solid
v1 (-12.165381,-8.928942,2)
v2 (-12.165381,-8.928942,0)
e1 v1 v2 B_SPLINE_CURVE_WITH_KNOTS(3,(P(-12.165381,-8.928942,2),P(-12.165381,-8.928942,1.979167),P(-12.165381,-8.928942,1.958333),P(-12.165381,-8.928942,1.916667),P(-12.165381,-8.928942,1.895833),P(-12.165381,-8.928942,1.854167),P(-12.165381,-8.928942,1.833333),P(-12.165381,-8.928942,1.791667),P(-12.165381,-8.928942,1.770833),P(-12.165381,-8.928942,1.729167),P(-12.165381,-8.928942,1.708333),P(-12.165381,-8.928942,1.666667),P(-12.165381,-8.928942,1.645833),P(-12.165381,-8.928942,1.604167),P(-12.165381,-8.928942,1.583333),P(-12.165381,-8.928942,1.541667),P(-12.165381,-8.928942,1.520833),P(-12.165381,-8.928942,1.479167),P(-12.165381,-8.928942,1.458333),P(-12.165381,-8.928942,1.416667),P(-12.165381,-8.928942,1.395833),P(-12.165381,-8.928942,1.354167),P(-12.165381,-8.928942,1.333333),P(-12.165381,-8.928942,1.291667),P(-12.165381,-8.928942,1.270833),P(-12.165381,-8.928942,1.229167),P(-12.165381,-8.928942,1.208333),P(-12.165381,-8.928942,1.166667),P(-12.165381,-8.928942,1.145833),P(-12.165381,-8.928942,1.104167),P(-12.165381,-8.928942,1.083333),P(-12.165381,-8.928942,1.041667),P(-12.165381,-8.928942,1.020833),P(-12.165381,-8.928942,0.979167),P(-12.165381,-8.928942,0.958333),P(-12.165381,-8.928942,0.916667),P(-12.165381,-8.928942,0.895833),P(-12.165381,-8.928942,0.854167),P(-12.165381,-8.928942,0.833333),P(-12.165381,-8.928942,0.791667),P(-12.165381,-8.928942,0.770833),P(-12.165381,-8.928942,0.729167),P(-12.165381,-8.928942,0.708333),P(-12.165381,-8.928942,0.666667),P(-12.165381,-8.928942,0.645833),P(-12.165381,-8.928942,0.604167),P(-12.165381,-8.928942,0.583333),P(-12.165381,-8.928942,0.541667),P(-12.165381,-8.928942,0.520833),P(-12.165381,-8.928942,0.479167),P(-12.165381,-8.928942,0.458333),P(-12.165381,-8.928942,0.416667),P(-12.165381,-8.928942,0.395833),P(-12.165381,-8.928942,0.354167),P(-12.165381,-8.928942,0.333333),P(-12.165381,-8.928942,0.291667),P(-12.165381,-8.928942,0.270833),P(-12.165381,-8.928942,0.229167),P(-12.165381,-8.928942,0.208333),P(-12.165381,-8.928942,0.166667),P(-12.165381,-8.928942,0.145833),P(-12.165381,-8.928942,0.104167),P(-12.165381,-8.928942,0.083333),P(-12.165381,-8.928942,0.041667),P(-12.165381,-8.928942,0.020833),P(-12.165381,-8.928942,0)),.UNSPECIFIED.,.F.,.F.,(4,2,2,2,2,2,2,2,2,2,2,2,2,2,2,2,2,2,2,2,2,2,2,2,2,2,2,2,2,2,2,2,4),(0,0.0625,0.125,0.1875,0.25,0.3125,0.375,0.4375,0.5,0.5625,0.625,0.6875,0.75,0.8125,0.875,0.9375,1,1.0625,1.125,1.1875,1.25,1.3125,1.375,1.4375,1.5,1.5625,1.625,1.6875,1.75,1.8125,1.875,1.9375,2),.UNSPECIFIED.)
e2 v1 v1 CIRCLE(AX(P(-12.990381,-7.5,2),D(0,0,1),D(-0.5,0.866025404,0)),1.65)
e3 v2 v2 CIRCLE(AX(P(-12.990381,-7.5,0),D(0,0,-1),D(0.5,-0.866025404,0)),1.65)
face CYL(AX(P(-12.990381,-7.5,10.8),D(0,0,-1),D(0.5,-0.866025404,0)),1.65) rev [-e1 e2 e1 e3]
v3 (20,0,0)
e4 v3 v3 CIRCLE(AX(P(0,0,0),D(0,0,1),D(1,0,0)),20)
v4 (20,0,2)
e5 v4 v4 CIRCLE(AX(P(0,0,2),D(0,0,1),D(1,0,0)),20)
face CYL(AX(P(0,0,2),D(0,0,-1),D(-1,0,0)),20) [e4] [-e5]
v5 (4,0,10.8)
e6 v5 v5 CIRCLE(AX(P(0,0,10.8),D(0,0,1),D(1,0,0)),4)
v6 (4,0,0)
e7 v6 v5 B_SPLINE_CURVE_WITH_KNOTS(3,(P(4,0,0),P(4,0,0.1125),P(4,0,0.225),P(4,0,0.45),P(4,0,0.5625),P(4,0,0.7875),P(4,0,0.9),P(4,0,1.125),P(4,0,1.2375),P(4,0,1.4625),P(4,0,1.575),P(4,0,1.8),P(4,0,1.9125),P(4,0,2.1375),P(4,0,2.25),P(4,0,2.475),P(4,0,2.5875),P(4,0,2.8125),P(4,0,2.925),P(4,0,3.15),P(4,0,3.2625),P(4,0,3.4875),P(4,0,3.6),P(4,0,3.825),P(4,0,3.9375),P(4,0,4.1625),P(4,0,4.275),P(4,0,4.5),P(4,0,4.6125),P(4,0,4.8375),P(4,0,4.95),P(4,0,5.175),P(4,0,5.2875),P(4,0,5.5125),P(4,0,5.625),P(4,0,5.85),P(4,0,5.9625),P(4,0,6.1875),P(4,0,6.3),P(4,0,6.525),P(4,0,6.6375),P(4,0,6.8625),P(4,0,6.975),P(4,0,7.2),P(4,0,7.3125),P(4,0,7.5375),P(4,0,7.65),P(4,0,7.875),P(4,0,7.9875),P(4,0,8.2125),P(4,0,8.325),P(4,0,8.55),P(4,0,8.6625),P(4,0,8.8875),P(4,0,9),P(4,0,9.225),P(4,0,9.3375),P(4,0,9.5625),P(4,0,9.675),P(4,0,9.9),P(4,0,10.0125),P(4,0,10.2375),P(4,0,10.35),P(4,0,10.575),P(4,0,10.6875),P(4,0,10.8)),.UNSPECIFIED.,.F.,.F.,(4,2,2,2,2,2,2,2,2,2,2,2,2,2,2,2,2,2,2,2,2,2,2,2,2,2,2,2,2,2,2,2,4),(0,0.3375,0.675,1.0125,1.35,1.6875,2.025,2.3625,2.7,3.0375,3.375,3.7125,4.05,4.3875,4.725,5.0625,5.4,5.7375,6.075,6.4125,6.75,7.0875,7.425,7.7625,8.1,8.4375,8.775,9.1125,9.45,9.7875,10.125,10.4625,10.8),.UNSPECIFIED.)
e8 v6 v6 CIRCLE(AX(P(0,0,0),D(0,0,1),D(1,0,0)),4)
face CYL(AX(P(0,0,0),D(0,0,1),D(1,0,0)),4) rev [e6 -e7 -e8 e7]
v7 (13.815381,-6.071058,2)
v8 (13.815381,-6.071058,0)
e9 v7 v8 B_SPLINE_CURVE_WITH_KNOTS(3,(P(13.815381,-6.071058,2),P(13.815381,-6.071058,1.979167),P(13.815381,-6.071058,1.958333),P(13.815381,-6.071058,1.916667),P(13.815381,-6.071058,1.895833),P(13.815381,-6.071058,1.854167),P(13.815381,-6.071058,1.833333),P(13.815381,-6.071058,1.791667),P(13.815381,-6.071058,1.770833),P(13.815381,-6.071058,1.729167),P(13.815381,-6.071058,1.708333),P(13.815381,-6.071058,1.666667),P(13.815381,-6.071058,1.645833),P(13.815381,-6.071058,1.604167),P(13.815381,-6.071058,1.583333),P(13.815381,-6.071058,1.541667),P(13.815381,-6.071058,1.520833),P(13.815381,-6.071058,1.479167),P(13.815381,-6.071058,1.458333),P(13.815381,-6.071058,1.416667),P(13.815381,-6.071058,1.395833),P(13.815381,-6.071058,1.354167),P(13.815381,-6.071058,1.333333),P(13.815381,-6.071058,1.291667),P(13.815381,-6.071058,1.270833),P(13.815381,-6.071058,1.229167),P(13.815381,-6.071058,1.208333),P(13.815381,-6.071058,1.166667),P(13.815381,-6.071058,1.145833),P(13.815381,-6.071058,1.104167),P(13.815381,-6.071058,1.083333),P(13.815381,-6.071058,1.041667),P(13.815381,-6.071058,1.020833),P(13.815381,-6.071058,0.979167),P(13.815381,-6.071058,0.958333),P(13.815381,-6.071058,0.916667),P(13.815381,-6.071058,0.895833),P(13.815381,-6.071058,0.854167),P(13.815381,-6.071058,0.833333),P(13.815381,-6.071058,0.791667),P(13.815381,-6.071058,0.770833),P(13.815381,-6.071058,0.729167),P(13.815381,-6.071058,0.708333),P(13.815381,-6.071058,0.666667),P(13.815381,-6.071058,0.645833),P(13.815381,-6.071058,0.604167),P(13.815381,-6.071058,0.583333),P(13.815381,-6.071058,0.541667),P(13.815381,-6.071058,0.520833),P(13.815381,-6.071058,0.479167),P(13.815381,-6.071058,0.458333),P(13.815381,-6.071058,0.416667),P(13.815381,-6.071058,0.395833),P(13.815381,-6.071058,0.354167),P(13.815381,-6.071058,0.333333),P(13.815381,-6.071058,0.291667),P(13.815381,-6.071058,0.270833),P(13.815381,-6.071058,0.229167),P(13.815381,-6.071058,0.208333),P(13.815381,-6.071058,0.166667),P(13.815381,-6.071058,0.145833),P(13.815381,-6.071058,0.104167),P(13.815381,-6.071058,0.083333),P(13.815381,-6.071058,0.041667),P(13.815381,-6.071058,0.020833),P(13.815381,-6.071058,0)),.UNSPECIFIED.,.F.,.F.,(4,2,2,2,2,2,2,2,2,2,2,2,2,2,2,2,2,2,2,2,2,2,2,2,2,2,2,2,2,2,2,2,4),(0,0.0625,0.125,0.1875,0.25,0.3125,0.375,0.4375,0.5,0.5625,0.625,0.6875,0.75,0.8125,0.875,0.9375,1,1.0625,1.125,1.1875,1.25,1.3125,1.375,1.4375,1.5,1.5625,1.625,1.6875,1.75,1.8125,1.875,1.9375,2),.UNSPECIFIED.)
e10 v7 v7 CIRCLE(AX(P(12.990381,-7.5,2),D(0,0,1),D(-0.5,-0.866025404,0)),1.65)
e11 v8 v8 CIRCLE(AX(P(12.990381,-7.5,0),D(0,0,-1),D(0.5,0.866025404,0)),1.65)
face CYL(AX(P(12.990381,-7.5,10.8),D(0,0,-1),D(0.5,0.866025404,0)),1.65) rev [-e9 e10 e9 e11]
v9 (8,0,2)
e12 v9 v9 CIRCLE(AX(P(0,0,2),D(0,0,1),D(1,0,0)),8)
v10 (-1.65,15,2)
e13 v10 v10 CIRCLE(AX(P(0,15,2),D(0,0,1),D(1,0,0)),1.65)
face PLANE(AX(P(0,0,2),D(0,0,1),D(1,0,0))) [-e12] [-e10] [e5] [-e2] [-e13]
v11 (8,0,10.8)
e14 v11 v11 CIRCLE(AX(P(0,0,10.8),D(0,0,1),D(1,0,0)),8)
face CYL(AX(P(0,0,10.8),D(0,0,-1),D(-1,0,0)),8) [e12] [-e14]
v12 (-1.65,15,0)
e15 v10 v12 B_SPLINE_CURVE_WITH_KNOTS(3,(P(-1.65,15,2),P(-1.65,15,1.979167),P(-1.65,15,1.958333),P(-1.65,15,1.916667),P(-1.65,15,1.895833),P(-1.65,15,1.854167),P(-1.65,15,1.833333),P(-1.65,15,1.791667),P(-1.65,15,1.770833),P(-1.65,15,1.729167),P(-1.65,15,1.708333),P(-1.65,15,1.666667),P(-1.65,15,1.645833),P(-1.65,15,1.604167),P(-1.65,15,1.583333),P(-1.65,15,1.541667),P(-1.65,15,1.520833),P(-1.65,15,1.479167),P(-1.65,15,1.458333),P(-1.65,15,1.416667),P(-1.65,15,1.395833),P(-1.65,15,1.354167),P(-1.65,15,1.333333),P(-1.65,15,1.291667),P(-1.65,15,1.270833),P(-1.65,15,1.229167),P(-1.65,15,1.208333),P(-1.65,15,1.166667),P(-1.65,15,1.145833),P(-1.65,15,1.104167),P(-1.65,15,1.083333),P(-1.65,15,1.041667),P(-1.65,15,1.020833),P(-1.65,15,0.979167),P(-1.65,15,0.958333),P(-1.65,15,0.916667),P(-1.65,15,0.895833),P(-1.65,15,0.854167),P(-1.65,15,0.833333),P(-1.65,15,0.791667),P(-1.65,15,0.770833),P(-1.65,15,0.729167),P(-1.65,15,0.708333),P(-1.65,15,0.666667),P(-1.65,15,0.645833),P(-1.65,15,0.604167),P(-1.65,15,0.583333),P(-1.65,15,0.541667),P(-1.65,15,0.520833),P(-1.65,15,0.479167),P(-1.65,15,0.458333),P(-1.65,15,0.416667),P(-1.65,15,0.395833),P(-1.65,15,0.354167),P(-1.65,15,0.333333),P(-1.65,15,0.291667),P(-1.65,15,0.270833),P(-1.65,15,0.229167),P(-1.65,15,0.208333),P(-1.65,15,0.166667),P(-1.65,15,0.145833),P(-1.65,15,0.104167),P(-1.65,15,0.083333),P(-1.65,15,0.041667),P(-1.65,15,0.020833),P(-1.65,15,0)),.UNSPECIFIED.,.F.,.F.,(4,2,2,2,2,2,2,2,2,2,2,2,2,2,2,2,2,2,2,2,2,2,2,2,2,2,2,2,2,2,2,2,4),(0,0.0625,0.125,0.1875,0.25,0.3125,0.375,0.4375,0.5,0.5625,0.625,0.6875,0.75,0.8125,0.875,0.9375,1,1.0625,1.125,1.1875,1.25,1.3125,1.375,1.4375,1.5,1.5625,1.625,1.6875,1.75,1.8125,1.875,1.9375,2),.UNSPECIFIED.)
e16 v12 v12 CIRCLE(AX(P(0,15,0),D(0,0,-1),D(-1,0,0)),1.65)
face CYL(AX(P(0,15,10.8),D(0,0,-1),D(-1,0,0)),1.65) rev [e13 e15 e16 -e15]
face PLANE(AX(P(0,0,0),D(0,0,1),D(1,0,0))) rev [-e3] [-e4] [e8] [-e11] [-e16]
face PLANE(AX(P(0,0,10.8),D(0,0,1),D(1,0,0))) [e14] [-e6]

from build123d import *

# Parameters (mm, degrees)
SKETCH_1_R               = 20
EXTRUDE_1_DEPTH          = 2
SKETCH_2_R               = 8
EXTRUDE_2_DEPTH          = 8.8
SKETCH_3_R               = 4
CUT_EXTRUDE_1_DEPTH      = 31.276063152
SKETCH_4_R               = 1.65
CUT_EXTRUDE_2_DEPTH      = 31.276063152
PATTERN_CIRCULAR_1_COUNT = 3


with BuildPart() as part:
    # 草图1 → 凸台-拉伸1 (new body)
    with BuildSketch(Plane.XY):
        Circle(SKETCH_1_R)
    extrude(amount=EXTRUDE_1_DEPTH)

    # 草图2 → 凸台-拉伸2 (add)
    with BuildSketch(Plane.XY.offset(2)):
        Circle(SKETCH_2_R)
    extrude(amount=EXTRUDE_2_DEPTH)

    # 草图3 → 切除-拉伸1 (cut, through all)
    with BuildSketch(Plane.XY.offset(10.8)):
        Circle(SKETCH_3_R)
    extrude(amount=-CUT_EXTRUDE_1_DEPTH, mode=Mode.SUBTRACT)

    # 草图4 → 切除-拉伸2 (cut, through all)
    with BuildSketch(Plane(origin=(0, 0, 0), x_dir=(-1, 0, 0), z_dir=(0, 0, -1))):
        with Locations((0, 15)):
            Circle(SKETCH_4_R)
    cut_extrude_2 = extrude(amount=-CUT_EXTRUDE_2_DEPTH, mode=Mode.SUBTRACT)

    # 阵列(圆周)1: 切除-拉伸2 ×3 about axis
    pattern_circular_1_axis = Axis((0, 0, 0), (0, 0, 1))
    for i in range(1, PATTERN_CIRCULAR_1_COUNT):
        add(cut_extrude_2.rotate(pattern_circular_1_axis, i * 360 / PATTERN_CIRCULAR_1_COUNT), mode=Mode.SUBTRACT)


solid = part.part
